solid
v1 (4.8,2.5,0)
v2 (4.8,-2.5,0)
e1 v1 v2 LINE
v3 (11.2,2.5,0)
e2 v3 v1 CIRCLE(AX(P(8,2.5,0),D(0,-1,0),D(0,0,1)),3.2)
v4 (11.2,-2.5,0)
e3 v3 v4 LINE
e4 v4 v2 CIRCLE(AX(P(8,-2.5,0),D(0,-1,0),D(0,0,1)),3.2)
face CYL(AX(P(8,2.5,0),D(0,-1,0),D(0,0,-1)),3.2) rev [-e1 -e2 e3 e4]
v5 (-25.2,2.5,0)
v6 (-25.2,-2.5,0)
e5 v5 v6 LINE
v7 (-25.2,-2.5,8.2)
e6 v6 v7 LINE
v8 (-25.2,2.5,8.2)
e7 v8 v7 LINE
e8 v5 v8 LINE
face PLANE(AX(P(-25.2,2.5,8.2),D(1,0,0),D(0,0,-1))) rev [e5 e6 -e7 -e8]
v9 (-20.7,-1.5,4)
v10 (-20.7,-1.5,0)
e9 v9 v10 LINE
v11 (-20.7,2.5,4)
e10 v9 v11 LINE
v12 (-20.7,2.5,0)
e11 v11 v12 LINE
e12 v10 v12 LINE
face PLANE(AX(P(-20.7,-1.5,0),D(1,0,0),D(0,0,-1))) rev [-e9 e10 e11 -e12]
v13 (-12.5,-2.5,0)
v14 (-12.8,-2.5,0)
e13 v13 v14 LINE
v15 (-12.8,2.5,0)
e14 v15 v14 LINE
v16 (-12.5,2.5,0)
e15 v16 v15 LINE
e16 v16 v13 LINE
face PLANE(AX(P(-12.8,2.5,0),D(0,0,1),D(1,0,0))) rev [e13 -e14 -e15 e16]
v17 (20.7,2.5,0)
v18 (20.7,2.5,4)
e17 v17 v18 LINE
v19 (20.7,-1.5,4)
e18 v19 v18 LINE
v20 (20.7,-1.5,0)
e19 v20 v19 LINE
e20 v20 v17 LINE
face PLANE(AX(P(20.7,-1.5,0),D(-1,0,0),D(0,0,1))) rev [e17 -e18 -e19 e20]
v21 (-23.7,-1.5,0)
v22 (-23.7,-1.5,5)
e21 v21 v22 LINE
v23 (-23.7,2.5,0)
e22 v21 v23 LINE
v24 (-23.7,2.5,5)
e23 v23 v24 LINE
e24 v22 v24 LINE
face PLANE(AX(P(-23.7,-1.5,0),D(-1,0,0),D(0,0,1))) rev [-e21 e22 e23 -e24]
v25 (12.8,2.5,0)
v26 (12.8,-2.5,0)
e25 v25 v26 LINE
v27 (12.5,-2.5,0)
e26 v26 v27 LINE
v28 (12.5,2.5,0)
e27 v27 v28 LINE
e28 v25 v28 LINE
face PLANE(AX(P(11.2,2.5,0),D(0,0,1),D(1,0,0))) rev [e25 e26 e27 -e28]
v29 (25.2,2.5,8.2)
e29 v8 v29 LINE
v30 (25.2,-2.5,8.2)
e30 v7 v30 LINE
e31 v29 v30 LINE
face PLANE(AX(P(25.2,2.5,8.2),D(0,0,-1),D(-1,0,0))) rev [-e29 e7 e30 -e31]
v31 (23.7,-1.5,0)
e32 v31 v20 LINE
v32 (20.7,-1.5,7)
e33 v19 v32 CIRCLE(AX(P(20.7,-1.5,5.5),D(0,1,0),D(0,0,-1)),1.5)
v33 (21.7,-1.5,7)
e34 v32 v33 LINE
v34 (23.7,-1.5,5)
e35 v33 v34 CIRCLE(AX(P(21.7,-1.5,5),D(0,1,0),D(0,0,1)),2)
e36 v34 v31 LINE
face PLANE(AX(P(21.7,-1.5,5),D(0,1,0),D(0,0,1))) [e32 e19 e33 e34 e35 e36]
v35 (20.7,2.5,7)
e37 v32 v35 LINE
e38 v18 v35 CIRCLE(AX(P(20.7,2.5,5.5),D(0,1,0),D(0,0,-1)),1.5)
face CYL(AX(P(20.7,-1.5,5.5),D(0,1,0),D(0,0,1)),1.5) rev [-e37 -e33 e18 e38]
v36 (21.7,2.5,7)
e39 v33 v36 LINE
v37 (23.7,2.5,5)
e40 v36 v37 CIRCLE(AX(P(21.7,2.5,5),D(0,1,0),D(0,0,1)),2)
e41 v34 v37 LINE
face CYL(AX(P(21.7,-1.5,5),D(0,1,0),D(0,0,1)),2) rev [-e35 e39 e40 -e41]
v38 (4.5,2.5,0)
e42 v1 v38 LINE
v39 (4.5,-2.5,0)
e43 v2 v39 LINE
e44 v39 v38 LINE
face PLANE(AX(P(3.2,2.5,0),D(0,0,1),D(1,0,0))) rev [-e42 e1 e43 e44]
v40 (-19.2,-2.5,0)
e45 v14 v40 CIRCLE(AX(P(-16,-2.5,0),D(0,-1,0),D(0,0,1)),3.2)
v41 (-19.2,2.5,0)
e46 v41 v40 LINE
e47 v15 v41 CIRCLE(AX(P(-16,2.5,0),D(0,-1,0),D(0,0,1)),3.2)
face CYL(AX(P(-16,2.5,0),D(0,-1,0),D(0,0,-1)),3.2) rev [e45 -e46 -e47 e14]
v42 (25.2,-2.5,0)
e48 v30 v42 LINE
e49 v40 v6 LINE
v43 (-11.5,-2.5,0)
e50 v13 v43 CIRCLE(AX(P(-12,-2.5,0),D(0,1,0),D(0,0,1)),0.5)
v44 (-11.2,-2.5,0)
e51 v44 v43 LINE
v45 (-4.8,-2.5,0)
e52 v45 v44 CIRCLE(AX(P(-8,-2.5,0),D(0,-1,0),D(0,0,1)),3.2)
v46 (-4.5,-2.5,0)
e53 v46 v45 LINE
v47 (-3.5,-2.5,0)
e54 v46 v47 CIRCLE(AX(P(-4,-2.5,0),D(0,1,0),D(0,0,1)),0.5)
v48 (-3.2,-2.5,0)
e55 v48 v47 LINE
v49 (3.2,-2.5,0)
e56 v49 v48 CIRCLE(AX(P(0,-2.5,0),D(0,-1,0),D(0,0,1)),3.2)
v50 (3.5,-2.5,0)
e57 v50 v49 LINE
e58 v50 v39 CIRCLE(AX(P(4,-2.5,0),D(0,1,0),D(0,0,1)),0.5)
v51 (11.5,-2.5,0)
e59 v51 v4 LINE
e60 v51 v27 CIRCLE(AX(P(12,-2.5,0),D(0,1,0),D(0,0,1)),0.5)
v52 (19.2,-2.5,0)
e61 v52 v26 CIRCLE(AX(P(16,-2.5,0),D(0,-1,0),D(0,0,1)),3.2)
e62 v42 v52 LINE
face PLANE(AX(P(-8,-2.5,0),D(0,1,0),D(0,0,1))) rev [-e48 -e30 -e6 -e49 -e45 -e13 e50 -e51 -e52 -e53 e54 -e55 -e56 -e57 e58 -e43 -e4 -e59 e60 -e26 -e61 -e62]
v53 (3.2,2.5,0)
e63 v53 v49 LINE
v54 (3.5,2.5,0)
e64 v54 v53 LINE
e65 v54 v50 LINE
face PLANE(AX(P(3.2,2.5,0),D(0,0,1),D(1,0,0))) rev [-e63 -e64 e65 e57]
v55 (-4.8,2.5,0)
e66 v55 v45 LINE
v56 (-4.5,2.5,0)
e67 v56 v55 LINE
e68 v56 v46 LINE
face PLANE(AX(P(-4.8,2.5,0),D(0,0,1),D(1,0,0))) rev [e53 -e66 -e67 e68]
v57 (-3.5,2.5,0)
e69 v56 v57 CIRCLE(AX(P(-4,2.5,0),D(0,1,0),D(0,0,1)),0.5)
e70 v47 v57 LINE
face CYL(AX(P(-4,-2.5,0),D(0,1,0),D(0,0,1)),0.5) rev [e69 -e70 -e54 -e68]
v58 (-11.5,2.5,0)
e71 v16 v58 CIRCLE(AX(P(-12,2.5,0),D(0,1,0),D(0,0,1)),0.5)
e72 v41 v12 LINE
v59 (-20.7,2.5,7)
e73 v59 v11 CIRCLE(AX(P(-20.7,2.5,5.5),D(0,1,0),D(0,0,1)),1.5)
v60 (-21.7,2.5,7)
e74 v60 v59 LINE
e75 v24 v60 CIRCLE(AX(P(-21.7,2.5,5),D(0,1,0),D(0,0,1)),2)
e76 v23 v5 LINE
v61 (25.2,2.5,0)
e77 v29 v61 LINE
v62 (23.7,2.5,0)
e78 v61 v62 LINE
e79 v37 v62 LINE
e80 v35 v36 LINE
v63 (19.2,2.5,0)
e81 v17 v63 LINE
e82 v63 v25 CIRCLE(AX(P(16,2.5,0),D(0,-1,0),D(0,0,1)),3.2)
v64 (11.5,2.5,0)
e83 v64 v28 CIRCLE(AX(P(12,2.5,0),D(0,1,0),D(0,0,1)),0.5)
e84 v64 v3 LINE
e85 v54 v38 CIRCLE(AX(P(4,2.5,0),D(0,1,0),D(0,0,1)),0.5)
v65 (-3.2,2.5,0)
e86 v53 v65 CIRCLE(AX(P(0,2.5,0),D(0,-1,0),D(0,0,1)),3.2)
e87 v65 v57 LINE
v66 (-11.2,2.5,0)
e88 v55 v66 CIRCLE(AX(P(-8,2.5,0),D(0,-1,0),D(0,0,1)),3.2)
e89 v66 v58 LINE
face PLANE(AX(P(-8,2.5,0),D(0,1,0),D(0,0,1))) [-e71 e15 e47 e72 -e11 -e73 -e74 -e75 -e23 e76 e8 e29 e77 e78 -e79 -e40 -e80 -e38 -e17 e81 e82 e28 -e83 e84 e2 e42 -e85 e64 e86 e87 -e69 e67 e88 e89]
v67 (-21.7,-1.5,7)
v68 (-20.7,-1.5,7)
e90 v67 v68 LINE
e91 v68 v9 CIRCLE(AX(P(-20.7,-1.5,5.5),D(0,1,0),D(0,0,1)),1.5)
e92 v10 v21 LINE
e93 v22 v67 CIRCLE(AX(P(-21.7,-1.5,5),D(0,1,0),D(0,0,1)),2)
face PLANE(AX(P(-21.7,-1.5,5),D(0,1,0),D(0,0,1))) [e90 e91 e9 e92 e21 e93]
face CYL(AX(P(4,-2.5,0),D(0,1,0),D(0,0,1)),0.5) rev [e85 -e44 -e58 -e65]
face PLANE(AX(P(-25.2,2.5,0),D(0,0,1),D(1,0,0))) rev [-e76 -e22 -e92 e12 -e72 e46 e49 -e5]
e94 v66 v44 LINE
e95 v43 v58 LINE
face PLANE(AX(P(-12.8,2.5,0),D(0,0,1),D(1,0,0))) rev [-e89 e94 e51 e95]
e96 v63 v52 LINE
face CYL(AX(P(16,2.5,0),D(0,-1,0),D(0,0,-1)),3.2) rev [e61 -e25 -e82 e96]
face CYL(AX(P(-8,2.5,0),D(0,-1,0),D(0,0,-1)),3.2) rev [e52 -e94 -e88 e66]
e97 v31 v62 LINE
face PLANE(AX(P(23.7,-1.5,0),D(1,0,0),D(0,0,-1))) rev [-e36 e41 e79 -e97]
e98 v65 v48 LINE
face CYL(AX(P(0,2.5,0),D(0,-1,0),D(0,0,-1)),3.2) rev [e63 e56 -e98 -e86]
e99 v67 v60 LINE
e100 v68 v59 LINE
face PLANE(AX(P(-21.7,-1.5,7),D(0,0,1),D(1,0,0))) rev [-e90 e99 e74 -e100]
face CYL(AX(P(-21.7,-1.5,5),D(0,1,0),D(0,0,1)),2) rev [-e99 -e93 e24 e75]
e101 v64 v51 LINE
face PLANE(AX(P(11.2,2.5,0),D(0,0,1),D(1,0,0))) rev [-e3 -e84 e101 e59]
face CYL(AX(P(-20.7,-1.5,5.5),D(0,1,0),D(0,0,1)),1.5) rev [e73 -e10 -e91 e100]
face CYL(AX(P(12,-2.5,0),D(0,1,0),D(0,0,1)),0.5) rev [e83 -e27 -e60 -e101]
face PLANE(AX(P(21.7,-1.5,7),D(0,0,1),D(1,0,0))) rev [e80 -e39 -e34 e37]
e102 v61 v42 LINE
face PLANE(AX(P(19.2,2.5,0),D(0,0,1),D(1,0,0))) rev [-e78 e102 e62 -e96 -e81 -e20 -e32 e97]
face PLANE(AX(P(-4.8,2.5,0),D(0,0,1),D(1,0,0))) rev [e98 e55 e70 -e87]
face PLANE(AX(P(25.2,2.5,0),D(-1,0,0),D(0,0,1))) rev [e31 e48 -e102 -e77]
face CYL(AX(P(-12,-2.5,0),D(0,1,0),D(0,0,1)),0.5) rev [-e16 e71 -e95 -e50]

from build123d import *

# Parameters (mm, degrees)
RESSALTO_EXTRUS_O1_DEPTH = 2.5
ESBO_O2_R                = 0.5
CORTE_EXTRUS_O1_DEPTH    = 27.968129338
CORTE_EXTRUS_O2_DEPTH    = 4


with BuildPart() as part:
    # Esboço1 → Ressalto-extrusão1 (new, symmetric)
    with BuildSketch(Plane(origin=(0, 0, 0), x_dir=(1, 0, 0), z_dir=(0, 1, 0))):
        with BuildLine():
            Line((-25.2, 0), (-19.2, 0))
            ThreePointArc((-19.2, 0), (-16, -3.2), (-12.8, 0))
            Line((-12.8, 0), (-11.2, 0))
            ThreePointArc((-11.2, 0), (-8, -3.2), (-4.8, 0))
            Line((-4.8, 0), (-3.2, 0))
            ThreePointArc((-3.2, 0), (0, -3.2), (3.2, 0))
            Line((3.2, 0), (4.8, 0))
            ThreePointArc((4.8, 0), (8, -3.2), (11.2, 0))
            Line((11.2, 0), (12.8, 0))
            ThreePointArc((12.8, 0), (16, -3.2), (19.2, 0))
            Line((19.2, 0), (25.2, 0))
            Line((25.2, 0), (25.2, -8.2))
            Line((25.2, -8.2), (-25.2, -8.2))
            Line((-25.2, -8.2), (-25.2, 0))
        make_face()
    extrude(amount=RESSALTO_EXTRUS_O1_DEPTH, both=True)

    # Esboço2 → Corte-extrusão1 (cut, through all)
    with BuildSketch(Plane(origin=(0, 2.5, 0), x_dir=(1, 0, 0), z_dir=(0, 1, 0))):
        with Locations((-12, 0)):
            Circle(ESBO_O2_R)
        with Locations((-4, 0)):
            Circle(ESBO_O2_R)
        with Locations((4, 0)):
            Circle(ESBO_O2_R)
        with Locations((12, 0)):
            Circle(ESBO_O2_R)
    extrude(amount=-CORTE_EXTRUS_O1_DEPTH, mode=Mode.SUBTRACT)

    # Esboço3 → Corte-extrusão2 (cut)
    with BuildSketch(Plane(origin=(0, 2.5, 0), x_dir=(1, 0, 0), z_dir=(0, 1, 0))):
        with BuildLine():
            Line((-23.7, 0), (-20.7, 0))
            Line((-20.7, 0), (-20.7, -4))
            ThreePointArc((-20.7, -4), (-19.2, -5.5), (-20.7, -7))
            Line((-20.7, -7), (-21.7, -7))
            ThreePointArc((-21.7, -7), (-23.114213562, -6.414213562), (-23.7, -5))
            Line((-23.7, -5), (-23.7, 0))
        make_face()
        with BuildLine():
            Line((20.7, 0), (20.7, -4))
            ThreePointArc((20.7, -4), (19.2, -5.5), (20.7, -7))
            Line((20.7, -7), (21.7, -7))
            ThreePointArc((21.7, -7), (23.114213562, -6.414213562), (23.7, -5))
            Line((23.7, -5), (23.7, 0))
            Line((23.7, 0), (20.7, 0))
        make_face()
    extrude(amount=-CORTE_EXTRUS_O2_DEPTH, mode=Mode.SUBTRACT)


solid = part.part
